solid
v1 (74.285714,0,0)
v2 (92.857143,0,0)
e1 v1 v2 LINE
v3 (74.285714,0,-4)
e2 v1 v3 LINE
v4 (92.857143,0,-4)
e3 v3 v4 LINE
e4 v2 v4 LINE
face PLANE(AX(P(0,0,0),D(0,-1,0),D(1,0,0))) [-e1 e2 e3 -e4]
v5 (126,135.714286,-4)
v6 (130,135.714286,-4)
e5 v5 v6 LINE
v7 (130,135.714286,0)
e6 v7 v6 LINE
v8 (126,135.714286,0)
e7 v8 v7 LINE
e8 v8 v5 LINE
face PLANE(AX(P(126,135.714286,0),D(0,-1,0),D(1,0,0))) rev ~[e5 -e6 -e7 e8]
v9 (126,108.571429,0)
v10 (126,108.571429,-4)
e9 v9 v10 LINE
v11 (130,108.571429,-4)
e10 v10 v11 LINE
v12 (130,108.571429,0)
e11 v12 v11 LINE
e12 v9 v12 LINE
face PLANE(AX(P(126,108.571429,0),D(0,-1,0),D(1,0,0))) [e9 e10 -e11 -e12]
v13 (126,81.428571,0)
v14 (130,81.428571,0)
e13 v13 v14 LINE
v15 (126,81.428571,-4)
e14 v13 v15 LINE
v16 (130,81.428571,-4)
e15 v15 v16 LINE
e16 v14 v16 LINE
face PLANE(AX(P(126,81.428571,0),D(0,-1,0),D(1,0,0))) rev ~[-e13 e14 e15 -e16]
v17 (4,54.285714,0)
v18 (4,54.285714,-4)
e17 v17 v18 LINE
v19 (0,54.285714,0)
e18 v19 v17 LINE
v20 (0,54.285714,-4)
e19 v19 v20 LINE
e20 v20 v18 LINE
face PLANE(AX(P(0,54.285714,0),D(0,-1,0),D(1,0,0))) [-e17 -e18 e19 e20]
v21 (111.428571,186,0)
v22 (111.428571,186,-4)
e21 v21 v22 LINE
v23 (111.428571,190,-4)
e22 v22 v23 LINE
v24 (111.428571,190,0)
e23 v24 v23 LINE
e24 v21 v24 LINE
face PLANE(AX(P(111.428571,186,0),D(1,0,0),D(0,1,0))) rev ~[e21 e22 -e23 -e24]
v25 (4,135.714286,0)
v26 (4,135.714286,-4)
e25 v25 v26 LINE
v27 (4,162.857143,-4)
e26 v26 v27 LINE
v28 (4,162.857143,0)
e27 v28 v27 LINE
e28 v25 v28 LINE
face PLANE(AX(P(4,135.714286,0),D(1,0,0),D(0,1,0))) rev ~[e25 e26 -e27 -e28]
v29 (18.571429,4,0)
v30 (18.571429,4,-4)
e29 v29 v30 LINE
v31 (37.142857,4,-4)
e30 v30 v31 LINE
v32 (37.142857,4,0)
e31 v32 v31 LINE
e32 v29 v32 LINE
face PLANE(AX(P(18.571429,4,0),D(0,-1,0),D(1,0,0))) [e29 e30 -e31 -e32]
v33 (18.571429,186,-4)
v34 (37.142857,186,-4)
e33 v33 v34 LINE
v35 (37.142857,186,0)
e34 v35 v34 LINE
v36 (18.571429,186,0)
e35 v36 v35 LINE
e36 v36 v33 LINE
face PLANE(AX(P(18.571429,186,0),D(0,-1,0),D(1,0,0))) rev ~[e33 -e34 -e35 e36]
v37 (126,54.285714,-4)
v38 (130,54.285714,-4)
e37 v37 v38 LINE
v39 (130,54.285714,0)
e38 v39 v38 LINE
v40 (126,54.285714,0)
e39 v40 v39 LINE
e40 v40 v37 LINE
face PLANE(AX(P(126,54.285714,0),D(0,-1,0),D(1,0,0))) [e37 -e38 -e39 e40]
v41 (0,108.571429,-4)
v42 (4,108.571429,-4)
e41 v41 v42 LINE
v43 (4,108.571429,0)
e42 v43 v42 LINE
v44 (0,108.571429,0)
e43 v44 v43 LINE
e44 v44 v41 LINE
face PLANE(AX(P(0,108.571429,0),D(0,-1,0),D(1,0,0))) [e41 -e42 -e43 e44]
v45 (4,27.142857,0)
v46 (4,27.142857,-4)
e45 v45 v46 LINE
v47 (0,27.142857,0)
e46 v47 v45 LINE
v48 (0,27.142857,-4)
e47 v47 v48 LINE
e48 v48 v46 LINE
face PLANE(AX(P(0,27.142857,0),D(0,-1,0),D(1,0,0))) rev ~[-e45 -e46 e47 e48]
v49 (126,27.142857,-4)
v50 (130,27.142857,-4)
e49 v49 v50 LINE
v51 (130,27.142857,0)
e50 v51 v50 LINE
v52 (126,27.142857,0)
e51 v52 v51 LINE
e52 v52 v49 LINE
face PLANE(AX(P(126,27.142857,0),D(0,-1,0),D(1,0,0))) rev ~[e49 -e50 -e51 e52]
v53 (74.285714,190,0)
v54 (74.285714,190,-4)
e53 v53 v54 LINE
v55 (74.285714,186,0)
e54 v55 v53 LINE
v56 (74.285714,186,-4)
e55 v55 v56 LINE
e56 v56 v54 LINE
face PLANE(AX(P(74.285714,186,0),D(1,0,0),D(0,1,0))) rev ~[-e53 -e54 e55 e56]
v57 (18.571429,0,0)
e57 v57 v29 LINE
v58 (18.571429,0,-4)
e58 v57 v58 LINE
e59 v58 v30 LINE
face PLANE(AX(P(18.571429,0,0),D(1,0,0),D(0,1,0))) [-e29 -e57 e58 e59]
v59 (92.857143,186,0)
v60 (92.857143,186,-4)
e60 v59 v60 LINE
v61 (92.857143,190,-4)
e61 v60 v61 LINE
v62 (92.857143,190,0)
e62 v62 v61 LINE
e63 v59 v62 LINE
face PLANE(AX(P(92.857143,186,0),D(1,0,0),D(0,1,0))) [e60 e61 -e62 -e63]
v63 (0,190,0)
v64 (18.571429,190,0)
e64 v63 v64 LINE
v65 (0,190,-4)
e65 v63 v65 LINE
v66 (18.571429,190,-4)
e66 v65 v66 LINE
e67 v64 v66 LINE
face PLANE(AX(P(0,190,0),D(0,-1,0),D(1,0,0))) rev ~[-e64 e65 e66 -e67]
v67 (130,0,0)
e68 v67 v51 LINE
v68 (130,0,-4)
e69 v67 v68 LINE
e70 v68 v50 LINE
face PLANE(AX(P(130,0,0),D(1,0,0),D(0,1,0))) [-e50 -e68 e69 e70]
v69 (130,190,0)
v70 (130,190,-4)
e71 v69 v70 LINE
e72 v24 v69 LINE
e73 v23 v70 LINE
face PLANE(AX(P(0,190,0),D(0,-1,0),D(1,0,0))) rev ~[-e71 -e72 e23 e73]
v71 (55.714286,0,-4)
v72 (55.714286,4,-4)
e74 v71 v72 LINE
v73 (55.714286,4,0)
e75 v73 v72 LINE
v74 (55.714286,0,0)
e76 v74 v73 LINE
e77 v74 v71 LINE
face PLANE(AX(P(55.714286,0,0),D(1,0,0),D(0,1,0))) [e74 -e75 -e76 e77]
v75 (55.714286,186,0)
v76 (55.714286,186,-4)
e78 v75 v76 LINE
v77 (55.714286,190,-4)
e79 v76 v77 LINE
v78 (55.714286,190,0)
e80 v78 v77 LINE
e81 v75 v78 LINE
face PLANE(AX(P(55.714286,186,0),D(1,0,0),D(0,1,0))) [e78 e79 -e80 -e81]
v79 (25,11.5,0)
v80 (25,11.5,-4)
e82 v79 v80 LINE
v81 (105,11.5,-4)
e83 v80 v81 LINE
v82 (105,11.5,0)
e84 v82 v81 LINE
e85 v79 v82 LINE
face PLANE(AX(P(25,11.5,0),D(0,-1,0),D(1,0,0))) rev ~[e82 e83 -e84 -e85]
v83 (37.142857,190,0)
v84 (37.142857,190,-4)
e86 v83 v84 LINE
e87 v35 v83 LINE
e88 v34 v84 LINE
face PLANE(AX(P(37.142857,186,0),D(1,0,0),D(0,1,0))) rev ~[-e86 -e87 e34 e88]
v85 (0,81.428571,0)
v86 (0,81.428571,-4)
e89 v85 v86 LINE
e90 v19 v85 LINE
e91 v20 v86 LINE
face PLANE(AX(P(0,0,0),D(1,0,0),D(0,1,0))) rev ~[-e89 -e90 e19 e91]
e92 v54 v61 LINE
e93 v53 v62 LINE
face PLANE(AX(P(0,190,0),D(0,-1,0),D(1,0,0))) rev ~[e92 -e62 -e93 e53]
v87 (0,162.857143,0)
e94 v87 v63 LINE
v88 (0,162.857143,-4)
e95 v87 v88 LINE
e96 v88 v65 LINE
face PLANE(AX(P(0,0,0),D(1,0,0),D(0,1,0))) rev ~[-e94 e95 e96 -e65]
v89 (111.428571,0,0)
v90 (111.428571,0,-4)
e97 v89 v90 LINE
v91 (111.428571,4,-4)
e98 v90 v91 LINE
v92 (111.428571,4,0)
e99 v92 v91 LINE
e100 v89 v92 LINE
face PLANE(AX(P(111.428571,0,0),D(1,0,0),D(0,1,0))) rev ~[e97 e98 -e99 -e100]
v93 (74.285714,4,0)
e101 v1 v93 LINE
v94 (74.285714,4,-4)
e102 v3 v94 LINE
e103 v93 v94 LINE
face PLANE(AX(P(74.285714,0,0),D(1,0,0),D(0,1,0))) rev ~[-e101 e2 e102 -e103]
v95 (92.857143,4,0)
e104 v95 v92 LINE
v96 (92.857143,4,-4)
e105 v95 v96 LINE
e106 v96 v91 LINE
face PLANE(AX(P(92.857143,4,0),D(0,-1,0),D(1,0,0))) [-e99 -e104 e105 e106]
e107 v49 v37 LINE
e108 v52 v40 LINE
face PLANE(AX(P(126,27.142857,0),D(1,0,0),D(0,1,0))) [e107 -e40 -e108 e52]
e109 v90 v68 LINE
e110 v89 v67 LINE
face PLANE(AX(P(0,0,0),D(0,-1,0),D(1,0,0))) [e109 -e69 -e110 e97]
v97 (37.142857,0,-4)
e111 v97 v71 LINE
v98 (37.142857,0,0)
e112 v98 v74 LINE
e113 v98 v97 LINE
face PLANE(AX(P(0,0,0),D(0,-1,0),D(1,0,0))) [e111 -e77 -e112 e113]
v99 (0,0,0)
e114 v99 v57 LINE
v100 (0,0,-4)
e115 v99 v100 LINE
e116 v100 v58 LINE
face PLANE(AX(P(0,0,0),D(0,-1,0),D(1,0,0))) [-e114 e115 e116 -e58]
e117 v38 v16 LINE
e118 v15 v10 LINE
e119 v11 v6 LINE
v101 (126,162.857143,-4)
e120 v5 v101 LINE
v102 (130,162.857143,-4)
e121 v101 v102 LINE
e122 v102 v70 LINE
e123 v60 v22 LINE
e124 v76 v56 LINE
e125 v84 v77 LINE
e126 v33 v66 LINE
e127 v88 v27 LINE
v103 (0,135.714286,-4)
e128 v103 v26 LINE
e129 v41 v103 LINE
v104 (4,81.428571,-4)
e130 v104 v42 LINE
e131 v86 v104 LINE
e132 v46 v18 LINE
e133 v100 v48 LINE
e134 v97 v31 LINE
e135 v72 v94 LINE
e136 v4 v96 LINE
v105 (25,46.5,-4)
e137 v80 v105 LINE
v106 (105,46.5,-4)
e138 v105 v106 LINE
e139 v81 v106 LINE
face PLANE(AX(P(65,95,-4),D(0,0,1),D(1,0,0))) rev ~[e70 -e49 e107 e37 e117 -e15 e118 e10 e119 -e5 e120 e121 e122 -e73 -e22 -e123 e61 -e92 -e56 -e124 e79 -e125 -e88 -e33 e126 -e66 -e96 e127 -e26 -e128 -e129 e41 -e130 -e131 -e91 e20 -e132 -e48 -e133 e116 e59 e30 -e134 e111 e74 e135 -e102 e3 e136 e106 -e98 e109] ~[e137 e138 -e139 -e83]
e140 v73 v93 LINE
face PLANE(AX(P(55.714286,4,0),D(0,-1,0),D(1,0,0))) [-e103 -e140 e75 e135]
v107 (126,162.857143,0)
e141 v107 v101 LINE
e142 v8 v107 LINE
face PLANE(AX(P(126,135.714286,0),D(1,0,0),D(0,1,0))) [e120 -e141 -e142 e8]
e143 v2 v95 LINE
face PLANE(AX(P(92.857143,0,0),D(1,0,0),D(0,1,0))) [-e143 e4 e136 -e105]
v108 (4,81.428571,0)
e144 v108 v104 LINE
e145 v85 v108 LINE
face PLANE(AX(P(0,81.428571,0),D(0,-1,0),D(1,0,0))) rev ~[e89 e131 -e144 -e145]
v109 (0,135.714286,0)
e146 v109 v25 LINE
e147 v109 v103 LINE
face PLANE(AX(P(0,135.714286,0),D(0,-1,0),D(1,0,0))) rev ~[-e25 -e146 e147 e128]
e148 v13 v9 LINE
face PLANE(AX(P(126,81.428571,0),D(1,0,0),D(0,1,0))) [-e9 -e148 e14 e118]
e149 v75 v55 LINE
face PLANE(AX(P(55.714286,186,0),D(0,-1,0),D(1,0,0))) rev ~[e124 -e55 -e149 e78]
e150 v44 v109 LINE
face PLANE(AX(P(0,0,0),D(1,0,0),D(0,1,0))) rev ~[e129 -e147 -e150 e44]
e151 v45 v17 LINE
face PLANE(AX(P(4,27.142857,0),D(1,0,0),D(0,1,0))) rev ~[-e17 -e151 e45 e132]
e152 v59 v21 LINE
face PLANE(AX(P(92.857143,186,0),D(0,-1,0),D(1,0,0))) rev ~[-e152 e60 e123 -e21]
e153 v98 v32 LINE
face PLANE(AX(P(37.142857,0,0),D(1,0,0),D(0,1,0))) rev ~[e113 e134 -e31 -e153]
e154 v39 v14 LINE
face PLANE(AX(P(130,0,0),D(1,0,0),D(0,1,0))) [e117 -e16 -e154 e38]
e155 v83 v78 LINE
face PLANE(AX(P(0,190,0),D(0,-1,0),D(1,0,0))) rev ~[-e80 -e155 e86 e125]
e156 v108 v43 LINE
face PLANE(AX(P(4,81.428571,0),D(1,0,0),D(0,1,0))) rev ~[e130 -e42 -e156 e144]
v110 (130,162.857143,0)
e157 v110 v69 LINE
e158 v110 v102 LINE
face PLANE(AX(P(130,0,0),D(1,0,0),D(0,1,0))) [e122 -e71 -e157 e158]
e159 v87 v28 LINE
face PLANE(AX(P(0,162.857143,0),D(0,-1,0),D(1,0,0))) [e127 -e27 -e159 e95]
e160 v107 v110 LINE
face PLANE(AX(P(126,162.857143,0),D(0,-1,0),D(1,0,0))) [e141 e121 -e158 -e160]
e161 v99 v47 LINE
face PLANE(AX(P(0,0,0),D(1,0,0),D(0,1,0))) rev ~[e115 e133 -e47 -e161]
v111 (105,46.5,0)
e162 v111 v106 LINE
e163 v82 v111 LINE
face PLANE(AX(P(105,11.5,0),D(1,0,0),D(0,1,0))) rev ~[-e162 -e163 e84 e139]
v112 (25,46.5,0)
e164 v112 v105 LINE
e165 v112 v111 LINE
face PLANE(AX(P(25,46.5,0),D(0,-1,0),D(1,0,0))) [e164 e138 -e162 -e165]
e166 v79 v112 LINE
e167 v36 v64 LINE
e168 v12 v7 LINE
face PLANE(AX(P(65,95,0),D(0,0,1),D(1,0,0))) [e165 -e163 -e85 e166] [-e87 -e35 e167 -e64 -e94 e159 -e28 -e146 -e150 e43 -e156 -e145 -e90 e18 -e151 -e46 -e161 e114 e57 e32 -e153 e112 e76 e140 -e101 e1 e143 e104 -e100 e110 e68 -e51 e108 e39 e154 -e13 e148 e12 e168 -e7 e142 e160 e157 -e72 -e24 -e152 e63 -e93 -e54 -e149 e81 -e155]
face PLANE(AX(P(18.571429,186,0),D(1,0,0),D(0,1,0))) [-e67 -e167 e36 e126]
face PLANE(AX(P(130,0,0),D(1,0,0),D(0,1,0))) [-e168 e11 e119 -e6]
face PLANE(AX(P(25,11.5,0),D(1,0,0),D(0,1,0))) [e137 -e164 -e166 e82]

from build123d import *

# Parameters (mm, degrees)
BUITENAFMETING_RECHTHOEK_W  = 130
BUITENAFMETING_RECHTHOEK_H  = 190
PLAAT_DEPTH                 = 4
TAND_HOR_W                  = 18.571428572
TAND_HOR_H                  = 4
TAND_BOVEN_DEPTH            = 5
TANDEN_PATROON_BOVEN_COUNT  = 3
TANDEN_PATROON_BOVEN_PITCH  = 37.142857143
TAND_VER_W                  = 4
TAND_VER_H                  = 27.142857143
TAND_LINKS_DEPTH            = 5
TANDEN_PATROON_LINKS_COUNT  = 3
TANDEN_PATROON_LINKS_PITCH  = 54.285714286
TAND_O_W                    = 18.571428572
TAND_O_H                    = 4
TAND_ONDER_DEPTH            = 5
TANDEN_PATROON_ONDER_COUNT  = 3
TANDEN_PATROON_ONDER_PITCH  = 37.142857143
TAND_R_W                    = 4
TAND_R_H                    = 27.142857143
TAND_RECHTS_DEPTH           = 5
TANDEN_PATROON_RECHTS_COUNT = 3
TANDEN_PATROON_RECHTS_PITCH = 54.285714286
SKETCH1_W                   = 80
SKETCH1_H                   = 35
CUT_EXTRUDE1_DEPTH          = 10


with BuildPart() as part:
    # Buitenafmeting Rechthoek → Plaat (new body)
    with BuildSketch(Plane.XY):
        with Locations((65, 95)):
            Rectangle(BUITENAFMETING_RECHTHOEK_W, BUITENAFMETING_RECHTHOEK_H)
    extrude(amount=-PLAAT_DEPTH)

    # Tand Hor → Tand Boven (cut, through all)
    with BuildSketch(Plane.XY):
        with Locations((27.857142857, 188)):
            Rectangle(TAND_HOR_W, TAND_HOR_H)
    tand_boven = extrude(amount=-TAND_BOVEN_DEPTH, mode=Mode.SUBTRACT)

    # Tanden Patroon Boven: Tand Boven ×3
    with Locations(*[(i * TANDEN_PATROON_BOVEN_PITCH, 0, 0) for i in range(1, TANDEN_PATROON_BOVEN_COUNT)]):
        add(tand_boven, mode=Mode.SUBTRACT)

    # Tand Ver → Tand Links (cut, through all)
    with BuildSketch(Plane.XY):
        with Locations((2, 149.285714286)):
            Rectangle(TAND_VER_W, TAND_VER_H)
    tand_links = extrude(amount=-TAND_LINKS_DEPTH, mode=Mode.SUBTRACT)

    # Tanden Patroon Links: Tand Links ×3
    with Locations(*[(0, -i * TANDEN_PATROON_LINKS_PITCH, 0) for i in range(1, TANDEN_PATROON_LINKS_COUNT)]):
        add(tand_links, mode=Mode.SUBTRACT)

    # Tand O → Tand Onder (cut, through all)
    with BuildSketch(Plane.XY):
        with Locations((27.857142857, 2)):
            Rectangle(TAND_O_W, TAND_O_H)
    tand_onder = extrude(amount=-TAND_ONDER_DEPTH, mode=Mode.SUBTRACT)

    # Tanden Patroon Onder: Tand Onder ×3
    with Locations(*[(i * TANDEN_PATROON_ONDER_PITCH, 0, 0) for i in range(1, TANDEN_PATROON_ONDER_COUNT)]):
        add(tand_onder, mode=Mode.SUBTRACT)

    # Tand R → Tand Rechts (cut, through all)
    with BuildSketch(Plane.XY):
        with Locations((128, 149.285714286)):
            Rectangle(TAND_R_W, TAND_R_H)
    tand_rechts = extrude(amount=-TAND_RECHTS_DEPTH, mode=Mode.SUBTRACT)

    # Tanden Patroon Rechts: Tand Rechts ×3
    with Locations(*[(0, -i * TANDEN_PATROON_RECHTS_PITCH, 0) for i in range(1, TANDEN_PATROON_RECHTS_COUNT)]):
        add(tand_rechts, mode=Mode.SUBTRACT)

    # Sketch1 → Cut-Extrude1 (cut)
    with BuildSketch(Plane.XY):
        with Locations((65, 29)):
            Rectangle(SKETCH1_W, SKETCH1_H)
    extrude(amount=-CUT_EXTRUDE1_DEPTH, mode=Mode.SUBTRACT)


solid = part.part
